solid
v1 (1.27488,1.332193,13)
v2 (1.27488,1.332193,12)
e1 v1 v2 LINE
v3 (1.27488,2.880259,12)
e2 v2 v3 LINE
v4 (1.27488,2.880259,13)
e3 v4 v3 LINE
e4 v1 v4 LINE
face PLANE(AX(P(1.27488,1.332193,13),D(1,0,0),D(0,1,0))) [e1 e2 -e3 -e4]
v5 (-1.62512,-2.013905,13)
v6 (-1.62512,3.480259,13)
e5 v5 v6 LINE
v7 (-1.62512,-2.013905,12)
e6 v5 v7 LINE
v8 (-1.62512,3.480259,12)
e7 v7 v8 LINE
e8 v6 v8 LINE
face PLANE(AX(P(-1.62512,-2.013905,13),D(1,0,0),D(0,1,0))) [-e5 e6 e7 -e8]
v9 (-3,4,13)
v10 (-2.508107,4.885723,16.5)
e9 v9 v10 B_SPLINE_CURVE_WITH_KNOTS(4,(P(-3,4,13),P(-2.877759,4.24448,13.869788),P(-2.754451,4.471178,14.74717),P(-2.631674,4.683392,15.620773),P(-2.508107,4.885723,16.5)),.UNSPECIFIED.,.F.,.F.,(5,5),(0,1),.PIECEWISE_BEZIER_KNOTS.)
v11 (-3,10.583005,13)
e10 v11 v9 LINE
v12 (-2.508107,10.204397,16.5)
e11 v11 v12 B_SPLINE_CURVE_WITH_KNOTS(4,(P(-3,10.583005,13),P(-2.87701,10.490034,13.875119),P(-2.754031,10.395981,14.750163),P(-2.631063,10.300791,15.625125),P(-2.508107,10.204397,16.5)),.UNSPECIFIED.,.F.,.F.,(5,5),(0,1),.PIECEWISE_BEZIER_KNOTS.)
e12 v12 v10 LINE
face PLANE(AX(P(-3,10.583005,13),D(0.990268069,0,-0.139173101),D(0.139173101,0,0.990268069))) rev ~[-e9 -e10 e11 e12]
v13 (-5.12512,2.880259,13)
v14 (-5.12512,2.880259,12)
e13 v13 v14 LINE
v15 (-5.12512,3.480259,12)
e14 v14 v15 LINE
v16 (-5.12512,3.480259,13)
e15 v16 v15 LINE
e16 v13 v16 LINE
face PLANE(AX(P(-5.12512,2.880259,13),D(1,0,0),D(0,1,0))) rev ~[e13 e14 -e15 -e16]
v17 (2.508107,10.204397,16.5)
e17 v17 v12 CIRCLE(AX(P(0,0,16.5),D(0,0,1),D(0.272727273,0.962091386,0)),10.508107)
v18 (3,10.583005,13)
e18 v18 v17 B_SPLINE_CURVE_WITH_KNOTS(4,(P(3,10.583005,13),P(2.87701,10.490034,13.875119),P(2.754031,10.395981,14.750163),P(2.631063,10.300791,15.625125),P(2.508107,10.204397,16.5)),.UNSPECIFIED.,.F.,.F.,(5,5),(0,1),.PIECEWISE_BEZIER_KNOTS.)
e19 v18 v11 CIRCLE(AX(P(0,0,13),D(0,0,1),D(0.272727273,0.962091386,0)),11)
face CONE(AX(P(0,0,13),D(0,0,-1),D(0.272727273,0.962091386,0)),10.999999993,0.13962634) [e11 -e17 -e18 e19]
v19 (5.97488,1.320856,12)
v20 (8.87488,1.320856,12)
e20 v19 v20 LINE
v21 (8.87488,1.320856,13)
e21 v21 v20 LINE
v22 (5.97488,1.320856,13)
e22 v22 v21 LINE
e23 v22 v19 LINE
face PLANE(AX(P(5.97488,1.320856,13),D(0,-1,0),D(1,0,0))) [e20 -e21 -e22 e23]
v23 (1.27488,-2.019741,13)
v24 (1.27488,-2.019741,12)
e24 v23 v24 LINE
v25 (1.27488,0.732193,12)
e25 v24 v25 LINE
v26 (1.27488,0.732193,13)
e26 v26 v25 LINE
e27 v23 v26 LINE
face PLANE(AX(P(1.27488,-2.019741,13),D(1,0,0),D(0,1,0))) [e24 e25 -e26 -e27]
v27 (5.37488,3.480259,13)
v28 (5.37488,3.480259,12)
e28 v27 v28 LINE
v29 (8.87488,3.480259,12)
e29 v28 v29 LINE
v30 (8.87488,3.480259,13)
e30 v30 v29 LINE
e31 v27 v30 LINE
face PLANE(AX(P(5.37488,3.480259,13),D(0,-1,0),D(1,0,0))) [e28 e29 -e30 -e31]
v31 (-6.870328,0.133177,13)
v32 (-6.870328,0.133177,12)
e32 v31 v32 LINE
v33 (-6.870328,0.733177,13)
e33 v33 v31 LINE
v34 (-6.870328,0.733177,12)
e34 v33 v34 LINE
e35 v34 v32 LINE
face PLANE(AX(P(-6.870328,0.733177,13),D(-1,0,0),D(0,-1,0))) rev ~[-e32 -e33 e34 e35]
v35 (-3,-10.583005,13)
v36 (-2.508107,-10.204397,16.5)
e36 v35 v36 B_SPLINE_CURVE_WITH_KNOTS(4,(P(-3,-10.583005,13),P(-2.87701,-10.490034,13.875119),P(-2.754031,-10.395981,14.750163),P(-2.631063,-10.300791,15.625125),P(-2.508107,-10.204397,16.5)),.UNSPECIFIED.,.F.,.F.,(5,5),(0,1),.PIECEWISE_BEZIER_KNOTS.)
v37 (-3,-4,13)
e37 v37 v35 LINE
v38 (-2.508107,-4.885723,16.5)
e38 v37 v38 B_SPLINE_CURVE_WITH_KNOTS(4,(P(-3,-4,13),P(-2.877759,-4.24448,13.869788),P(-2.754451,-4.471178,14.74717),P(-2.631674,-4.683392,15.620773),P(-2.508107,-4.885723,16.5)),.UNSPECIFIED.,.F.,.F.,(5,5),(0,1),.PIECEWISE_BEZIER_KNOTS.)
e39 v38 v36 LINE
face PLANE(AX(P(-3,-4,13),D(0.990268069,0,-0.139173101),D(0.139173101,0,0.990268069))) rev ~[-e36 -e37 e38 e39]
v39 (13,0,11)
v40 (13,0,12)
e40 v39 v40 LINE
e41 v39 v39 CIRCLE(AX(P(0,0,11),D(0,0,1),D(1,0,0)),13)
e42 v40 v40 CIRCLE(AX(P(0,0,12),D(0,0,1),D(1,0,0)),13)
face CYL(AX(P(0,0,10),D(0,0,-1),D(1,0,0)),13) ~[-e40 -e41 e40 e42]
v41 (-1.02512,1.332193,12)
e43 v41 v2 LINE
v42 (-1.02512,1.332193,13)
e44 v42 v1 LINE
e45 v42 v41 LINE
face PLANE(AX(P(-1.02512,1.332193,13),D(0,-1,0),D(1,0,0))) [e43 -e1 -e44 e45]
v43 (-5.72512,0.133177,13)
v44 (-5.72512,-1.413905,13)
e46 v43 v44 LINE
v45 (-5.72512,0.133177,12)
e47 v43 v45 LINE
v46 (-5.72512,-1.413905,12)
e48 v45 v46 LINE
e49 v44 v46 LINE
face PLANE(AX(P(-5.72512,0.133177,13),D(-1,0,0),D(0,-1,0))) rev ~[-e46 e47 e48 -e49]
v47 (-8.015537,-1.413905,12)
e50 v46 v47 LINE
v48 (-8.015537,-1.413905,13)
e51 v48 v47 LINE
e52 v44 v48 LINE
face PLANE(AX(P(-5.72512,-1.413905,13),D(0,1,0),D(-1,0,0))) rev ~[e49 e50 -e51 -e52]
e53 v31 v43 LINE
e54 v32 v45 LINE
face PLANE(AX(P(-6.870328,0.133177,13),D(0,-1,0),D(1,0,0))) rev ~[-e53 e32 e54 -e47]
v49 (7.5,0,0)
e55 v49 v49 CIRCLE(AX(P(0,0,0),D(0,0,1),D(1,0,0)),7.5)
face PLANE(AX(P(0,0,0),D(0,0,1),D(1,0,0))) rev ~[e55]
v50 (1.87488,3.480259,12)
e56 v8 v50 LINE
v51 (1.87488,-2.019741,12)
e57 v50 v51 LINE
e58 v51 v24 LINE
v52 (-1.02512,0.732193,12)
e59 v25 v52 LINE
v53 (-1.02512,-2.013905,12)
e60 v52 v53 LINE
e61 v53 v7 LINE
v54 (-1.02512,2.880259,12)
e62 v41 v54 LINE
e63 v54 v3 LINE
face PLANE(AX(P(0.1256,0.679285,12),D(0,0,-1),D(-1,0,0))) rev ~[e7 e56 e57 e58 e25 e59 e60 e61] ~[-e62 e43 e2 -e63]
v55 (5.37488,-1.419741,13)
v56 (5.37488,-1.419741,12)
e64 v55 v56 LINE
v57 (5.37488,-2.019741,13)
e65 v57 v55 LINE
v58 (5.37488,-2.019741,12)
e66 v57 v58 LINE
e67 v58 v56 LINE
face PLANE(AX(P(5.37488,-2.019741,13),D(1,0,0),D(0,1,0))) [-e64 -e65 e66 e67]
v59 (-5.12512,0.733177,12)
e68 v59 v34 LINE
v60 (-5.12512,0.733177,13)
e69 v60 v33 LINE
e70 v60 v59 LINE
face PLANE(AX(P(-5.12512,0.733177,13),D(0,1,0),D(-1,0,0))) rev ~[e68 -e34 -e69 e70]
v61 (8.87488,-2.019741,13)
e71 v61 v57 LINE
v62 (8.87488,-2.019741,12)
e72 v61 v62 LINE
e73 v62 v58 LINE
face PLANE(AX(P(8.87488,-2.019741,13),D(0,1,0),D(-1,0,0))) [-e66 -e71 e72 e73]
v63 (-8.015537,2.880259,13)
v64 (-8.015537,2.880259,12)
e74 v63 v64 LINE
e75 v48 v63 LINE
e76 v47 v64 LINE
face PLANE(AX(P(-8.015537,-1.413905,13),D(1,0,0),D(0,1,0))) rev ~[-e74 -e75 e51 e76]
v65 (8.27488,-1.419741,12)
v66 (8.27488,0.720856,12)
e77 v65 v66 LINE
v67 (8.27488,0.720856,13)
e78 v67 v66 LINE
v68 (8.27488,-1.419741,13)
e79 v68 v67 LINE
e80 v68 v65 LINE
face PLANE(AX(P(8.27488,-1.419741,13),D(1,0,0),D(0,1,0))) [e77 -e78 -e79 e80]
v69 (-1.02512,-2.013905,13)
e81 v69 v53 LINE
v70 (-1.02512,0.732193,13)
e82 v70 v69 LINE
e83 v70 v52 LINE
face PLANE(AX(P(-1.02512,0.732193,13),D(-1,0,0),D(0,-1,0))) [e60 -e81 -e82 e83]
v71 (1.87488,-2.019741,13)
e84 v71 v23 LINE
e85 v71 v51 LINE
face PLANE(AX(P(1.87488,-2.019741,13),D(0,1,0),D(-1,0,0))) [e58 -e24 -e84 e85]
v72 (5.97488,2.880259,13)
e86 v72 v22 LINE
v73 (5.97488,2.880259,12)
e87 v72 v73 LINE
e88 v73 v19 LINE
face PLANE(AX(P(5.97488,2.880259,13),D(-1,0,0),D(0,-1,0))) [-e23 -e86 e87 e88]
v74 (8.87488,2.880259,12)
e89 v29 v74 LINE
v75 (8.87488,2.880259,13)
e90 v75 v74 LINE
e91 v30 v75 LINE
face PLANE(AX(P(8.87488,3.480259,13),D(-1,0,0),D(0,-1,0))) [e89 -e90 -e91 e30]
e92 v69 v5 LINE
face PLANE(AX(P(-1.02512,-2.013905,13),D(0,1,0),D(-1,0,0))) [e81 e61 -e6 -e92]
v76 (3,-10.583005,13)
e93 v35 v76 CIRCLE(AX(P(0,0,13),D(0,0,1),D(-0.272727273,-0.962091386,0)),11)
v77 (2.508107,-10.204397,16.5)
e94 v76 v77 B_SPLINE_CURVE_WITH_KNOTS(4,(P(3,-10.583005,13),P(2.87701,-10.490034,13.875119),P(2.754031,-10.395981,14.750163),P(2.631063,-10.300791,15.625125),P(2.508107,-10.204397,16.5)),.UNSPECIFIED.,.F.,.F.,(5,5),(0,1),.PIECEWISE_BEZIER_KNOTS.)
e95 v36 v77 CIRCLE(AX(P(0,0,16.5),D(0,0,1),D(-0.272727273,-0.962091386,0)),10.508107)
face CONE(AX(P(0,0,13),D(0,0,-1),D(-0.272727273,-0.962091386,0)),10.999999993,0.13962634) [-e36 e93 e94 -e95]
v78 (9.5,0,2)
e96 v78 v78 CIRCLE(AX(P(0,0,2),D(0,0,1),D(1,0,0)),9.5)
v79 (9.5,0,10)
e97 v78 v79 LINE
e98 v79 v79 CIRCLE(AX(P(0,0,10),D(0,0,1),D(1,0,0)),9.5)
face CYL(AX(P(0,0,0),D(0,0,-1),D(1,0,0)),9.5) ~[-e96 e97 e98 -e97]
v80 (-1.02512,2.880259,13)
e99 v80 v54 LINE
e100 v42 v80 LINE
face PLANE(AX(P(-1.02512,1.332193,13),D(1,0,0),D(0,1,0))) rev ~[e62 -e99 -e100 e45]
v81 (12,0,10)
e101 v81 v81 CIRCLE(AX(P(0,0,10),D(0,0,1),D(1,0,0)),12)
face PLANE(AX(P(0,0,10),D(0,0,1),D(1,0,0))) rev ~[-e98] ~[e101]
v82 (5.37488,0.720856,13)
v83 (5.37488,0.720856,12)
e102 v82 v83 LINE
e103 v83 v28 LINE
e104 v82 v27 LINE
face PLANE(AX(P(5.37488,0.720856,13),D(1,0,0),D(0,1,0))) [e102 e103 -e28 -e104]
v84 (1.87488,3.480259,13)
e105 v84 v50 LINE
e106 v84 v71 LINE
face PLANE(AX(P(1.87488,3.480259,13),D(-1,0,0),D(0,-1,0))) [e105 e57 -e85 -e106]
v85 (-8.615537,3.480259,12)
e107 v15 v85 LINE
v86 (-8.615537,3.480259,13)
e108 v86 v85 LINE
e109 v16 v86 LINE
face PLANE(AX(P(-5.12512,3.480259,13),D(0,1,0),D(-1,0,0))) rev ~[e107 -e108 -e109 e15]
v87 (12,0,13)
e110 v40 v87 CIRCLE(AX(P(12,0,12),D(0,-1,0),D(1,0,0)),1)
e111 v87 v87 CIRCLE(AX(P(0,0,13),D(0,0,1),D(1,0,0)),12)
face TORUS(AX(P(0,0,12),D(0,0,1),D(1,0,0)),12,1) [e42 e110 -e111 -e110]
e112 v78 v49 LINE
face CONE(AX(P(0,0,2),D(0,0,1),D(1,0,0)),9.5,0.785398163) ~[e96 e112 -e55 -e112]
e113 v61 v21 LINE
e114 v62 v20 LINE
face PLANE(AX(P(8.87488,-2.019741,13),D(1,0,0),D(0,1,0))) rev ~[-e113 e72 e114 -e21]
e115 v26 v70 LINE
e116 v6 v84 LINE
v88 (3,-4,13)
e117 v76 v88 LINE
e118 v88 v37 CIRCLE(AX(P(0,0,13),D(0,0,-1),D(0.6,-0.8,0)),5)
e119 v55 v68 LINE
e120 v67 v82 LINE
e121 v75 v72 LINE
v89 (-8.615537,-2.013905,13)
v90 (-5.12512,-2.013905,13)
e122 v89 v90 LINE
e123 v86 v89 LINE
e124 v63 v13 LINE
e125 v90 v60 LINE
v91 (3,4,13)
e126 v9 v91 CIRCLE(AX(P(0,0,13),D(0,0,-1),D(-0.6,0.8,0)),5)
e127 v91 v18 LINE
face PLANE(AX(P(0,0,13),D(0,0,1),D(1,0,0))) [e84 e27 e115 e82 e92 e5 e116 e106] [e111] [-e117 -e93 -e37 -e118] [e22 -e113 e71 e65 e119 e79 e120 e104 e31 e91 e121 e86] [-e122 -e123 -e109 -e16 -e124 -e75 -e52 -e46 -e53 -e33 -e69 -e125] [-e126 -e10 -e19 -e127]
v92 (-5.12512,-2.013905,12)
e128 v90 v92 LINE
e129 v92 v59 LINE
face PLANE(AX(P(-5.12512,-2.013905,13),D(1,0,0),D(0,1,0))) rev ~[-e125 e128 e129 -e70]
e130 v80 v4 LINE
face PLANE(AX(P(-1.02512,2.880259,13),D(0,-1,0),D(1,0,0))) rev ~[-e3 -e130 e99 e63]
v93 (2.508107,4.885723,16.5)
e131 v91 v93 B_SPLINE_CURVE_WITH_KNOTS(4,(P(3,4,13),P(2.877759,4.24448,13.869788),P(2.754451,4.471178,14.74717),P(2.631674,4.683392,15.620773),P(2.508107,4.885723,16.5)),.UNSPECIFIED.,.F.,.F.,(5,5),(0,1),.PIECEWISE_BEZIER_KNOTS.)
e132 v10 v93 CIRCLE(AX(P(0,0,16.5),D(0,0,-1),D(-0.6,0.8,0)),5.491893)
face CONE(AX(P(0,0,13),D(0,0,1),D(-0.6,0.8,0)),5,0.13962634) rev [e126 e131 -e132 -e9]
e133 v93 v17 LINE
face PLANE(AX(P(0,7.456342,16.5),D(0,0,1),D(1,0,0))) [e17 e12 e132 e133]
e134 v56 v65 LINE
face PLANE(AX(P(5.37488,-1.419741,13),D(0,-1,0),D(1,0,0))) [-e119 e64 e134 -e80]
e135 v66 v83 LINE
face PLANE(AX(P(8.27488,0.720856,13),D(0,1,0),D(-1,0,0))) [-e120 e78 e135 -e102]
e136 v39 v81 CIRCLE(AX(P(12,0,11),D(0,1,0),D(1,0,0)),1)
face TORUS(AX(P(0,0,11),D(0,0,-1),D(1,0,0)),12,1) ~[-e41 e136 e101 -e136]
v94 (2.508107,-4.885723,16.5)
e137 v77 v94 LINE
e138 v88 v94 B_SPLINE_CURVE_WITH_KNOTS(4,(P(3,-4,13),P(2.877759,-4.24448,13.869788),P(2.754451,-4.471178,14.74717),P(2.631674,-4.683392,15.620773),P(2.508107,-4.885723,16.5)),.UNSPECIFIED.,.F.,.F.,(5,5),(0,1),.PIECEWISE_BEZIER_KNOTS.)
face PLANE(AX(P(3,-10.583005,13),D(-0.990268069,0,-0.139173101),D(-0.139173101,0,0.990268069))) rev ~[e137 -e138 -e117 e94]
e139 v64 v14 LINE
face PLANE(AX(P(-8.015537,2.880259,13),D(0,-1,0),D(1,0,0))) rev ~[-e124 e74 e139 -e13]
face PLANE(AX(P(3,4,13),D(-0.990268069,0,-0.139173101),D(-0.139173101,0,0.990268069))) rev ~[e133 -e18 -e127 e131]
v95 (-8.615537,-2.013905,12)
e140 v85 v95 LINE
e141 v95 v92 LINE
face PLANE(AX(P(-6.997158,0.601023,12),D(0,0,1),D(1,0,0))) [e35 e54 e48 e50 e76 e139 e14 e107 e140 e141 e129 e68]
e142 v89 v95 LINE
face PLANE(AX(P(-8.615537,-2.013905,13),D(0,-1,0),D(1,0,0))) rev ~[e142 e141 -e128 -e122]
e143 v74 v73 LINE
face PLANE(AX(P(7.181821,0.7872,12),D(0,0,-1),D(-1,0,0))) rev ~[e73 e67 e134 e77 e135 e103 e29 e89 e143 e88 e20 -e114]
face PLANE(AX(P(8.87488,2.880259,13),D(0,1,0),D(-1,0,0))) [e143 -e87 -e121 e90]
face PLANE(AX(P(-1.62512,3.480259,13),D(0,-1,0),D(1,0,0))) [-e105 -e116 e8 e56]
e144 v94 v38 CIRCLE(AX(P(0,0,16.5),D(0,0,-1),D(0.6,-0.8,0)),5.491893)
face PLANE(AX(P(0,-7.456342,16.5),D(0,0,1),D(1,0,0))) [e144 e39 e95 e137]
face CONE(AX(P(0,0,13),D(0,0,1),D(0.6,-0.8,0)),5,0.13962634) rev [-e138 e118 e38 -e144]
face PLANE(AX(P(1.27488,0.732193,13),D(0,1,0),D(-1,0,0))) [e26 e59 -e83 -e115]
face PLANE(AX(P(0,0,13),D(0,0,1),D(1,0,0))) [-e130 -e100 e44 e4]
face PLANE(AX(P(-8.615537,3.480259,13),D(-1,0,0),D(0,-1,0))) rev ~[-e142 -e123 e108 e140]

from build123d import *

# Parameters (mm, degrees)
SKETCH1_R           = 9.5
BOSS_EXTRUDE1_DEPTH = 10
CHAMFER1_SIZE       = 2
SKETCH2_R           = 13
BOSS_EXTRUDE2_DEPTH = 3
BOSS_EXTRUDE3_DEPTH = 3.5
BOSS_EXTRUDE3_TAPER = 8
FILLET1_R           = 1
SKETCH3_W           = 2.3
SKETCH3_H           = 1.548065916
CUT_EXTRUDE1_DEPTH  = 1


with BuildPart() as part:
    # Sketch1 → Boss-Extrude1 (new body)
    with BuildSketch(Plane.XY):
        Circle(SKETCH1_R)
    extrude(amount=BOSS_EXTRUDE1_DEPTH)

    # Chamfer1
    chamfer1_edges = [part.edges().sort_by_distance(p)[0] for p in [
        (-9.5, 0, 0),
    ]]
    chamfer(chamfer1_edges, length=CHAMFER1_SIZE)

    # Sketch2 → Boss-Extrude2 (add)
    with BuildSketch(Plane.XY.offset(10)):
        Circle(SKETCH2_R)
    extrude(amount=BOSS_EXTRUDE2_DEPTH)

    # Sketch4 → Boss-Extrude3 (add)
    with BuildSketch(Plane.XY.offset(13)):
        with BuildLine():
            ThreePointArc((3, 10.583005244), (0, 11), (-3, 10.583005244))
            Line((-3, 10.583005244), (-3, 4))
            ThreePointArc((-3, 4), (0, 5), (3, 4))
            Line((3, 4), (3, 10.583005244))
        make_face()
        with BuildLine():
            ThreePointArc((3, -4), (0, -5), (-3, -4))
            Line((-3, -4), (-3, -10.583005244))
            ThreePointArc((-3, -10.583005244), (0, -11), (3, -10.583005244))
            Line((3, -10.583005244), (3, -4))
        make_face()
    extrude(amount=BOSS_EXTRUDE3_DEPTH, taper=BOSS_EXTRUDE3_TAPER)

    # Fillet1
    fillet1_edges = [part.edges().sort_by_distance(p)[0] for p in [
        (-13, 0, 10),
        (-13, 0, 13),
    ]]
    fillet(fillet1_edges, radius=FILLET1_R)

    # Sketch3 → Cut-Extrude1 (cut)
    with BuildSketch(Plane.XY.offset(13)):
        Polygon((-1.625120105, -2.013905208), (-1.625120105, 3.480258709), (1.874879895, 3.480258709), (1.874879895, -2.019741291), (1.274879895, -2.019741291), (1.274879895, 0.732192793), (-1.025120105, 0.732192793), (-1.025120105, -2.013905208), align=None)
        with Locations((0.124879895, 2.106225751)):
            Rectangle(SKETCH3_W, SKETCH3_H, mode=Mode.SUBTRACT)
        Polygon((5.374879895, 3.480258709), (8.874879895, 3.480258709), (8.874879895, 2.880258709), (5.974879895, 2.880258709), (5.974879895, 1.320855687), (8.874879895, 1.320855687), (8.874879895, -1.419741291), (8.874879895, -2.019741291), (5.374879895, -2.019741291), (5.374879895, -1.419741291), (8.274879895, -1.419741291), (8.274879895, 0.720855687), (5.374879895, 0.720855687), align=None)
        Polygon((-8.615536657, 3.480258709), (-8.615536657, -2.013905208), (-5.125120105, -2.013905208), (-5.125120105, 0.73317675), (-6.870328381, 0.73317675), (-6.870328381, 0.13317675), (-5.725120105, 0.13317675), (-5.725120105, -1.413905208), (-8.015536657, -1.413905208), (-8.015536657, 2.880258709), (-5.125120105, 2.880258709), (-5.125120105, 3.480258709), align=None)
    extrude(amount=-CUT_EXTRUDE1_DEPTH, mode=Mode.SUBTRACT)


solid = part.part
